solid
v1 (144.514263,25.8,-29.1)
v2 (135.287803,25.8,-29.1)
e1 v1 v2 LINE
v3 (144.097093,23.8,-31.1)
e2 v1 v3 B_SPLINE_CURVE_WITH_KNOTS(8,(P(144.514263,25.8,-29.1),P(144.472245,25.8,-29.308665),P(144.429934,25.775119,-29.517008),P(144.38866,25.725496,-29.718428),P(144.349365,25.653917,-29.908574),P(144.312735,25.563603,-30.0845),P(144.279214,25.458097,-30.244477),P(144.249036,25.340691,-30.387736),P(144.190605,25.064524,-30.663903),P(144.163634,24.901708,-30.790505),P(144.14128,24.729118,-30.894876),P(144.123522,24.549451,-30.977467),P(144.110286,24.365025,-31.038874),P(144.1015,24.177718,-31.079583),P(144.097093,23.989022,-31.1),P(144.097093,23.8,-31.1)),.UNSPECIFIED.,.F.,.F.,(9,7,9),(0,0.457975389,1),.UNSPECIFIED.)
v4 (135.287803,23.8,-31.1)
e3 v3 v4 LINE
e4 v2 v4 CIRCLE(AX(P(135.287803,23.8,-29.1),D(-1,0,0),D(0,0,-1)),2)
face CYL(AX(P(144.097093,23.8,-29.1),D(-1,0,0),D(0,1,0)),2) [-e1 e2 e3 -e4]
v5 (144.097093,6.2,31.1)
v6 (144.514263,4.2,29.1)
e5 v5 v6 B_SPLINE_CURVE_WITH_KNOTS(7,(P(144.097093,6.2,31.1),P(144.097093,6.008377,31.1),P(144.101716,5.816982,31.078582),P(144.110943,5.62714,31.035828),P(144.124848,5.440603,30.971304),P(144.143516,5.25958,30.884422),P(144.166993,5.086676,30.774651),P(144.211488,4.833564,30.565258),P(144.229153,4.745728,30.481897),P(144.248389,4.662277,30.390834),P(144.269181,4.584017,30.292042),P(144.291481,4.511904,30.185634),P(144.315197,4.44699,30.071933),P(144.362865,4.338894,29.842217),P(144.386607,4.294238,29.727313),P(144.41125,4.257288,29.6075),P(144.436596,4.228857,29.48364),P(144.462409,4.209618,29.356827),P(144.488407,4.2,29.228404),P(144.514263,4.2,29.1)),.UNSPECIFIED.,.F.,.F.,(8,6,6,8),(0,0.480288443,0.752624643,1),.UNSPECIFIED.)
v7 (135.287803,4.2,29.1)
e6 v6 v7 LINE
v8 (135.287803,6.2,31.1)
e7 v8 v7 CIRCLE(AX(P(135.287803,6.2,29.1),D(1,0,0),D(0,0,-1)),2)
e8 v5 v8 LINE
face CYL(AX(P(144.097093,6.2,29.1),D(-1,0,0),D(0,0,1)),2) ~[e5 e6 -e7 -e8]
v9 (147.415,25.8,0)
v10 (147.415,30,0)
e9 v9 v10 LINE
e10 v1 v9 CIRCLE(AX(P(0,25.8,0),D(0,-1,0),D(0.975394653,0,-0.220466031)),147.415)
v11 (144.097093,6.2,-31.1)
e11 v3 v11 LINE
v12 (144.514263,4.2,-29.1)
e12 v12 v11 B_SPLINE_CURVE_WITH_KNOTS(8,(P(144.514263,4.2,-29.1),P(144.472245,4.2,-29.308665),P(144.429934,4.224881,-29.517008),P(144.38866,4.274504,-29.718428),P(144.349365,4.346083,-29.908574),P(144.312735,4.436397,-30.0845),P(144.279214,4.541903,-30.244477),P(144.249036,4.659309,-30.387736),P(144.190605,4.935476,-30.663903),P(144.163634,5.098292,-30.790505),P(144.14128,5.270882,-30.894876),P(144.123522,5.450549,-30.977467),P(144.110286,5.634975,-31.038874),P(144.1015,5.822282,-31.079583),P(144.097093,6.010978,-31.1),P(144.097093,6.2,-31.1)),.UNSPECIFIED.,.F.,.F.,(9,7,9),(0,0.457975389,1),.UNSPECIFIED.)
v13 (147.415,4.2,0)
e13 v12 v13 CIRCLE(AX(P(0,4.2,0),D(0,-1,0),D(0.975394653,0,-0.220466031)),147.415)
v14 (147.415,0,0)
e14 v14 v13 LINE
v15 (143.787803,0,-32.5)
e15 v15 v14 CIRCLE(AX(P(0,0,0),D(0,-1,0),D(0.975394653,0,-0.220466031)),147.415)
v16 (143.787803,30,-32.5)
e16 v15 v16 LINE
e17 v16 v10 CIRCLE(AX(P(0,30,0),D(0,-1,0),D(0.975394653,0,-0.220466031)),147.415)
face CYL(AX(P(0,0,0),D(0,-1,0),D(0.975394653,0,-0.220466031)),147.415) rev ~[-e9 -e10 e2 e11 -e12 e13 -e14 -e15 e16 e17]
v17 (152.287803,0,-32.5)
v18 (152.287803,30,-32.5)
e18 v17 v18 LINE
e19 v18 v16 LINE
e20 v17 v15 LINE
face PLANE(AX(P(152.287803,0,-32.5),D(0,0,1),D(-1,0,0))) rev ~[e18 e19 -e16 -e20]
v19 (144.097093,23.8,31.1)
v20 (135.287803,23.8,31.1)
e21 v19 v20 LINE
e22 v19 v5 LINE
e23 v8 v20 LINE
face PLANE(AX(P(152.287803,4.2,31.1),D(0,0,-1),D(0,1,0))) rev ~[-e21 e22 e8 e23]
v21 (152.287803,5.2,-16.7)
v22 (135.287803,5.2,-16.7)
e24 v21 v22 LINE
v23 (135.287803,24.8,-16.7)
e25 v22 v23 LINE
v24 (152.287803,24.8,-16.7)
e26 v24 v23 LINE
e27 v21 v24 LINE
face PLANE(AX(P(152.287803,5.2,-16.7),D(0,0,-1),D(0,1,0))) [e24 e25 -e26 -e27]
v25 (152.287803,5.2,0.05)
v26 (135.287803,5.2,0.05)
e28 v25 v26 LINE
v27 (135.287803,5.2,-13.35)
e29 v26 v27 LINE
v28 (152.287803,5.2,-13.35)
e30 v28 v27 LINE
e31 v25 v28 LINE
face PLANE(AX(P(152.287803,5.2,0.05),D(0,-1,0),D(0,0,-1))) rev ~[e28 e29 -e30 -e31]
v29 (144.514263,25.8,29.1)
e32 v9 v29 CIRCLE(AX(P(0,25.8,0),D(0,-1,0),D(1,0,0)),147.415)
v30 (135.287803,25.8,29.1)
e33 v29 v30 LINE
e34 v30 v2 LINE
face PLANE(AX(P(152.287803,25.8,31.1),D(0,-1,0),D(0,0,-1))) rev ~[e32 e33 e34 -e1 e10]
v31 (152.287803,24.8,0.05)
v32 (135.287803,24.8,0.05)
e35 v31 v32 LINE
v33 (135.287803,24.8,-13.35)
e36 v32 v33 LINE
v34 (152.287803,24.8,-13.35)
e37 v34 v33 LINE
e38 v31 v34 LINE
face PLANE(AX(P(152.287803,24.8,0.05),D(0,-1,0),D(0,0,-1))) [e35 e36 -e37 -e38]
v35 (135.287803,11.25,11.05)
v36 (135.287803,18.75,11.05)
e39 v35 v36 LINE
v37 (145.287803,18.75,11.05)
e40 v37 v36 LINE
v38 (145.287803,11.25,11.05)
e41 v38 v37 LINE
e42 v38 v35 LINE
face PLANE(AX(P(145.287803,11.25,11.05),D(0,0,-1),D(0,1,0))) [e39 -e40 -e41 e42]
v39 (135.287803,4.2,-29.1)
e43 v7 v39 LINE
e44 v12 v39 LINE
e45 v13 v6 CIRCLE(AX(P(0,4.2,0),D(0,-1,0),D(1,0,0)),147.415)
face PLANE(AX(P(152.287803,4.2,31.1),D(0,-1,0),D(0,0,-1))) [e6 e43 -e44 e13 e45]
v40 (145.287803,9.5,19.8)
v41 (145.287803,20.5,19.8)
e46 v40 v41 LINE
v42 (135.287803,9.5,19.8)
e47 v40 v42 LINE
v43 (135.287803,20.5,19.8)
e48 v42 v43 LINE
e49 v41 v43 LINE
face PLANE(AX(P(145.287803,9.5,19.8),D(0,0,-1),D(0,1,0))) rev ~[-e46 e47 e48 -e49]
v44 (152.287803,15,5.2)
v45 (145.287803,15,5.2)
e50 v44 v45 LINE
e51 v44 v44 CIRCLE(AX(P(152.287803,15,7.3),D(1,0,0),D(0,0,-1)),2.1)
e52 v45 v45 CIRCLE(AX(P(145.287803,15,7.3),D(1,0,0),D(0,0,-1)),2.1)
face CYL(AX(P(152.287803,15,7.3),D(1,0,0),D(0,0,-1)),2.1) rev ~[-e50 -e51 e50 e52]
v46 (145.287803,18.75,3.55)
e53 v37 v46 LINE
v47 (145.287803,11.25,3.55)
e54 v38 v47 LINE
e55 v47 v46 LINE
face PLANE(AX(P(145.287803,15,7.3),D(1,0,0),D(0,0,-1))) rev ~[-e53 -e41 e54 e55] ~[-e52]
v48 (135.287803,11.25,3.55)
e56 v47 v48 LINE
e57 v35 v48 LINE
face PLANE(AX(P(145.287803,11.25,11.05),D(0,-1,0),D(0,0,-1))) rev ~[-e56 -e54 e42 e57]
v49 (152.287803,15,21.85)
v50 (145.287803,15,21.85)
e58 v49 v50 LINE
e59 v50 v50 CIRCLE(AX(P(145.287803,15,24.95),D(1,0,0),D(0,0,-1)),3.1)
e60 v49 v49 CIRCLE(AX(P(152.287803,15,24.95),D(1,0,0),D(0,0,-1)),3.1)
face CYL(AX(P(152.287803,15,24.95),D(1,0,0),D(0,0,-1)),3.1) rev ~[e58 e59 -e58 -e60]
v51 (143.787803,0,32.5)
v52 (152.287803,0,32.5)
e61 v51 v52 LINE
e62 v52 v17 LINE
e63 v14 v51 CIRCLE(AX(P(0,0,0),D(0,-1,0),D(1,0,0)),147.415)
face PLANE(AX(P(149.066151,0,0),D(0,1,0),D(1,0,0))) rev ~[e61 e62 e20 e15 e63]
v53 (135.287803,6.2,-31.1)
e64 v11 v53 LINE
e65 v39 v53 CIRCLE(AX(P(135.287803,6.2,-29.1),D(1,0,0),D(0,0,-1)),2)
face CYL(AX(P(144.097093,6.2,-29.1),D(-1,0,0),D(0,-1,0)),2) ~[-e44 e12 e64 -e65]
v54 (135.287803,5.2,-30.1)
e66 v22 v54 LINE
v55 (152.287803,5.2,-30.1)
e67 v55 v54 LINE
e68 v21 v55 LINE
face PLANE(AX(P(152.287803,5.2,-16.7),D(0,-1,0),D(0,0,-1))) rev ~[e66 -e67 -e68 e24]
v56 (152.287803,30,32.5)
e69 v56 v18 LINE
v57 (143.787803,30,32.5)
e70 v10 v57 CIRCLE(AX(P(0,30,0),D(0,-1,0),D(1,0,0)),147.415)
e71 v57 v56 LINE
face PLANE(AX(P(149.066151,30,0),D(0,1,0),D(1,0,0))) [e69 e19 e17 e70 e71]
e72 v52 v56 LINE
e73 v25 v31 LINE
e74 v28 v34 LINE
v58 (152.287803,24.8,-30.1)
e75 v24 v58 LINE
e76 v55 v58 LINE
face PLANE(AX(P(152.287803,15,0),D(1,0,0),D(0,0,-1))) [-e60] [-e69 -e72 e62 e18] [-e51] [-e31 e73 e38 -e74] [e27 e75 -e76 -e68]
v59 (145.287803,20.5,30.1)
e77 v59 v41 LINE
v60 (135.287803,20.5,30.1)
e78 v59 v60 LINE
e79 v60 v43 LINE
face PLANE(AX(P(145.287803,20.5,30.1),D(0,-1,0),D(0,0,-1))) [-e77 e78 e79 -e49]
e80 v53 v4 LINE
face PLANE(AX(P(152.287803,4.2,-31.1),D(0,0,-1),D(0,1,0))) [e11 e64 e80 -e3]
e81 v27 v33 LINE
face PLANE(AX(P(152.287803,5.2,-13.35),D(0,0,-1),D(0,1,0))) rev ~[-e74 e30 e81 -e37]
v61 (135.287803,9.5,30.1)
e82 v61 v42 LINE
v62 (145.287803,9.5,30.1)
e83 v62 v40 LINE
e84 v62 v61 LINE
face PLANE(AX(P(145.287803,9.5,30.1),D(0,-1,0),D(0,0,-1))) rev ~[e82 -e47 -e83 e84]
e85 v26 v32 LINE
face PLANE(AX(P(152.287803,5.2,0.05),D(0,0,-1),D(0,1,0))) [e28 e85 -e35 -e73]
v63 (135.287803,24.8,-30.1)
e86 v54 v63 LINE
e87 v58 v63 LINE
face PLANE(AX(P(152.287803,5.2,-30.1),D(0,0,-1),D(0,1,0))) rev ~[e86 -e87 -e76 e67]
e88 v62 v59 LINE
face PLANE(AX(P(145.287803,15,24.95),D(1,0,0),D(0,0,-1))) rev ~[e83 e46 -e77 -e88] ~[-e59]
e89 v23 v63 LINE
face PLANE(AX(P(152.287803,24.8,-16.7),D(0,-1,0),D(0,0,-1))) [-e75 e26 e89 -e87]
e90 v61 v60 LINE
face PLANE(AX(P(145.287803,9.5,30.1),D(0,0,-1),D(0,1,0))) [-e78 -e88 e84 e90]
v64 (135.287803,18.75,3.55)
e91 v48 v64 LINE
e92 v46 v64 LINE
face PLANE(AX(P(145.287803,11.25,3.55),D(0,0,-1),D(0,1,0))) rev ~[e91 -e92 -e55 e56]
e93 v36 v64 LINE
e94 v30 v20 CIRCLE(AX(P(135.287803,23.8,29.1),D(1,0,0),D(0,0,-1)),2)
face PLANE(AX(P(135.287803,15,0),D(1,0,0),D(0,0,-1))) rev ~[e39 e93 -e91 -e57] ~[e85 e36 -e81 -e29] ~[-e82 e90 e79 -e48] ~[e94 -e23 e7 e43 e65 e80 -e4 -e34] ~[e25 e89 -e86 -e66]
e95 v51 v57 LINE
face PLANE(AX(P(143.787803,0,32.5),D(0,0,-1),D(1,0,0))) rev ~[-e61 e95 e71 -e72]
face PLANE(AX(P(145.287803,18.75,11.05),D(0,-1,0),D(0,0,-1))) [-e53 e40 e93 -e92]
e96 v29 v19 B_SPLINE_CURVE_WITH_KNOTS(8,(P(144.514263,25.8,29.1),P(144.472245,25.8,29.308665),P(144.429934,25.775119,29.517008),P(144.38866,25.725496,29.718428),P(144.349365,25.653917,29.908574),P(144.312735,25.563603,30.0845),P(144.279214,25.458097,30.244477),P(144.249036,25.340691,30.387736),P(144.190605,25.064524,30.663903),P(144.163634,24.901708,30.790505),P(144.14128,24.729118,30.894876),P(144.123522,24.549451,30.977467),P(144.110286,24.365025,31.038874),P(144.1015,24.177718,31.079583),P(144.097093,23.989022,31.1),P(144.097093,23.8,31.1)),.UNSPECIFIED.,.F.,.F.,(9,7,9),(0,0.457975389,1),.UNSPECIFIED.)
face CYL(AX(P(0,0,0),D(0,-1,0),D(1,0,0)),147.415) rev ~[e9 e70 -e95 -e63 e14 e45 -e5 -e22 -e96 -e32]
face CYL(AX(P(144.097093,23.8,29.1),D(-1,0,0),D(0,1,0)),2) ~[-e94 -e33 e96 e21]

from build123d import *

# Parameters (mm, degrees)
BOSS_EXTRUDE1_DEPTH = 30
SKETCH2_W           = 62.2
SKETCH2_H           = 21.6
BOSS_EXTRUDE2_DEPTH = 17
SKETCH2_6_R         = 2.1
SKETCH2_6_R_2       = 3.1
SKETCH2_6_W         = 13.4
SKETCH2_6_H         = 19.6
CUT_EXTRUDE3_DEPTH  = 17
CUT_EXTRUDE5_START  = -7
SKETCH2_8_W         = 7.5
SKETCH2_8_H         = 7.5
SKETCH2_8_R         = 2.1
SKETCH2_8_W_2       = 10.3
SKETCH2_8_H_2       = 11
SKETCH2_8_R_2       = 3.1
CUT_EXTRUDE5_DEPTH  = 10
FILLET1_R           = 2


with BuildPart() as part:
    # Sketch1 → Boss-Extrude1 (new body)
    with BuildSketch(Plane(origin=(0, 0, 0), x_dir=(1, 0, 0), z_dir=(0, 1, 0))):
        with BuildLine():
            Line((152.287802769, 32.5), (143.787802769, 32.5))
            ThreePointArc((143.787802769, 32.5), (146.505394389, 16.350891105), (147.415, 0))
            ThreePointArc((147.415, 0), (146.505394389, -16.350891105), (143.787802769, -32.5))
            Line((143.787802769, -32.5), (152.287802769, -32.5))
            Line((152.287802769, -32.5), (152.287802769, 32.5))
        make_face()
    extrude(amount=BOSS_EXTRUDE1_DEPTH)

    # Sketch2 → Boss-Extrude2 (add)
    with BuildSketch(Plane(origin=(152.287802769, 0, 0), x_dir=(0, 0, -1), z_dir=(1, 0, 0))):
        with Locations((0, 15)):
            Rectangle(SKETCH2_W, SKETCH2_H)
    extrude(amount=-BOSS_EXTRUDE2_DEPTH)

    # Sketch2<6> → Cut-Extrude3 (cut)
    with BuildSketch(Plane(origin=(152.287802769, 0, 0), x_dir=(0, 0, -1), z_dir=(1, 0, 0))):
        with Locations((-7.3, 15)):
            Circle(SKETCH2_6_R)
        with Locations((-24.95, 15)):
            Circle(SKETCH2_6_R_2)
        with Locations((23.4, 15)):
            Rectangle(SKETCH2_6_W, SKETCH2_6_H)
        with Locations((6.65, 15)):
            Rectangle(SKETCH2_6_W, SKETCH2_6_H)
    extrude(amount=-CUT_EXTRUDE3_DEPTH, mode=Mode.SUBTRACT)

    # Sketch2<8> → Cut-Extrude5 (cut)
    with BuildSketch(Plane(origin=(152.287802769, 0, 0), x_dir=(0, 0, -1), z_dir=(1, 0, 0)).offset(CUT_EXTRUDE5_START)):
        with Locations((-7.3, 15)):
            Rectangle(SKETCH2_8_W, SKETCH2_8_H)
        with Locations((-7.3, 15)):
            Circle(SKETCH2_8_R, mode=Mode.SUBTRACT)
        with Locations((-24.95, 15)):
            Rectangle(SKETCH2_8_W_2, SKETCH2_8_H_2)
        with Locations((-24.95, 15)):
            Circle(SKETCH2_8_R_2, mode=Mode.SUBTRACT)
    extrude(amount=-CUT_EXTRUDE5_DEPTH, mode=Mode.SUBTRACT)

    # Fillet1
    fillet1_edges = [part.edges().sort_by_distance(p)[0] for p in [
        (139.692447908, 25.8, 31.1),
        (139.692447908, 25.8, -31.1),
        (139.692447908, 4.2, -31.1),
        (139.692447908, 4.2, 31.1),
    ]]
    fillet(fillet1_edges, radius=FILLET1_R)


solid = part.part
